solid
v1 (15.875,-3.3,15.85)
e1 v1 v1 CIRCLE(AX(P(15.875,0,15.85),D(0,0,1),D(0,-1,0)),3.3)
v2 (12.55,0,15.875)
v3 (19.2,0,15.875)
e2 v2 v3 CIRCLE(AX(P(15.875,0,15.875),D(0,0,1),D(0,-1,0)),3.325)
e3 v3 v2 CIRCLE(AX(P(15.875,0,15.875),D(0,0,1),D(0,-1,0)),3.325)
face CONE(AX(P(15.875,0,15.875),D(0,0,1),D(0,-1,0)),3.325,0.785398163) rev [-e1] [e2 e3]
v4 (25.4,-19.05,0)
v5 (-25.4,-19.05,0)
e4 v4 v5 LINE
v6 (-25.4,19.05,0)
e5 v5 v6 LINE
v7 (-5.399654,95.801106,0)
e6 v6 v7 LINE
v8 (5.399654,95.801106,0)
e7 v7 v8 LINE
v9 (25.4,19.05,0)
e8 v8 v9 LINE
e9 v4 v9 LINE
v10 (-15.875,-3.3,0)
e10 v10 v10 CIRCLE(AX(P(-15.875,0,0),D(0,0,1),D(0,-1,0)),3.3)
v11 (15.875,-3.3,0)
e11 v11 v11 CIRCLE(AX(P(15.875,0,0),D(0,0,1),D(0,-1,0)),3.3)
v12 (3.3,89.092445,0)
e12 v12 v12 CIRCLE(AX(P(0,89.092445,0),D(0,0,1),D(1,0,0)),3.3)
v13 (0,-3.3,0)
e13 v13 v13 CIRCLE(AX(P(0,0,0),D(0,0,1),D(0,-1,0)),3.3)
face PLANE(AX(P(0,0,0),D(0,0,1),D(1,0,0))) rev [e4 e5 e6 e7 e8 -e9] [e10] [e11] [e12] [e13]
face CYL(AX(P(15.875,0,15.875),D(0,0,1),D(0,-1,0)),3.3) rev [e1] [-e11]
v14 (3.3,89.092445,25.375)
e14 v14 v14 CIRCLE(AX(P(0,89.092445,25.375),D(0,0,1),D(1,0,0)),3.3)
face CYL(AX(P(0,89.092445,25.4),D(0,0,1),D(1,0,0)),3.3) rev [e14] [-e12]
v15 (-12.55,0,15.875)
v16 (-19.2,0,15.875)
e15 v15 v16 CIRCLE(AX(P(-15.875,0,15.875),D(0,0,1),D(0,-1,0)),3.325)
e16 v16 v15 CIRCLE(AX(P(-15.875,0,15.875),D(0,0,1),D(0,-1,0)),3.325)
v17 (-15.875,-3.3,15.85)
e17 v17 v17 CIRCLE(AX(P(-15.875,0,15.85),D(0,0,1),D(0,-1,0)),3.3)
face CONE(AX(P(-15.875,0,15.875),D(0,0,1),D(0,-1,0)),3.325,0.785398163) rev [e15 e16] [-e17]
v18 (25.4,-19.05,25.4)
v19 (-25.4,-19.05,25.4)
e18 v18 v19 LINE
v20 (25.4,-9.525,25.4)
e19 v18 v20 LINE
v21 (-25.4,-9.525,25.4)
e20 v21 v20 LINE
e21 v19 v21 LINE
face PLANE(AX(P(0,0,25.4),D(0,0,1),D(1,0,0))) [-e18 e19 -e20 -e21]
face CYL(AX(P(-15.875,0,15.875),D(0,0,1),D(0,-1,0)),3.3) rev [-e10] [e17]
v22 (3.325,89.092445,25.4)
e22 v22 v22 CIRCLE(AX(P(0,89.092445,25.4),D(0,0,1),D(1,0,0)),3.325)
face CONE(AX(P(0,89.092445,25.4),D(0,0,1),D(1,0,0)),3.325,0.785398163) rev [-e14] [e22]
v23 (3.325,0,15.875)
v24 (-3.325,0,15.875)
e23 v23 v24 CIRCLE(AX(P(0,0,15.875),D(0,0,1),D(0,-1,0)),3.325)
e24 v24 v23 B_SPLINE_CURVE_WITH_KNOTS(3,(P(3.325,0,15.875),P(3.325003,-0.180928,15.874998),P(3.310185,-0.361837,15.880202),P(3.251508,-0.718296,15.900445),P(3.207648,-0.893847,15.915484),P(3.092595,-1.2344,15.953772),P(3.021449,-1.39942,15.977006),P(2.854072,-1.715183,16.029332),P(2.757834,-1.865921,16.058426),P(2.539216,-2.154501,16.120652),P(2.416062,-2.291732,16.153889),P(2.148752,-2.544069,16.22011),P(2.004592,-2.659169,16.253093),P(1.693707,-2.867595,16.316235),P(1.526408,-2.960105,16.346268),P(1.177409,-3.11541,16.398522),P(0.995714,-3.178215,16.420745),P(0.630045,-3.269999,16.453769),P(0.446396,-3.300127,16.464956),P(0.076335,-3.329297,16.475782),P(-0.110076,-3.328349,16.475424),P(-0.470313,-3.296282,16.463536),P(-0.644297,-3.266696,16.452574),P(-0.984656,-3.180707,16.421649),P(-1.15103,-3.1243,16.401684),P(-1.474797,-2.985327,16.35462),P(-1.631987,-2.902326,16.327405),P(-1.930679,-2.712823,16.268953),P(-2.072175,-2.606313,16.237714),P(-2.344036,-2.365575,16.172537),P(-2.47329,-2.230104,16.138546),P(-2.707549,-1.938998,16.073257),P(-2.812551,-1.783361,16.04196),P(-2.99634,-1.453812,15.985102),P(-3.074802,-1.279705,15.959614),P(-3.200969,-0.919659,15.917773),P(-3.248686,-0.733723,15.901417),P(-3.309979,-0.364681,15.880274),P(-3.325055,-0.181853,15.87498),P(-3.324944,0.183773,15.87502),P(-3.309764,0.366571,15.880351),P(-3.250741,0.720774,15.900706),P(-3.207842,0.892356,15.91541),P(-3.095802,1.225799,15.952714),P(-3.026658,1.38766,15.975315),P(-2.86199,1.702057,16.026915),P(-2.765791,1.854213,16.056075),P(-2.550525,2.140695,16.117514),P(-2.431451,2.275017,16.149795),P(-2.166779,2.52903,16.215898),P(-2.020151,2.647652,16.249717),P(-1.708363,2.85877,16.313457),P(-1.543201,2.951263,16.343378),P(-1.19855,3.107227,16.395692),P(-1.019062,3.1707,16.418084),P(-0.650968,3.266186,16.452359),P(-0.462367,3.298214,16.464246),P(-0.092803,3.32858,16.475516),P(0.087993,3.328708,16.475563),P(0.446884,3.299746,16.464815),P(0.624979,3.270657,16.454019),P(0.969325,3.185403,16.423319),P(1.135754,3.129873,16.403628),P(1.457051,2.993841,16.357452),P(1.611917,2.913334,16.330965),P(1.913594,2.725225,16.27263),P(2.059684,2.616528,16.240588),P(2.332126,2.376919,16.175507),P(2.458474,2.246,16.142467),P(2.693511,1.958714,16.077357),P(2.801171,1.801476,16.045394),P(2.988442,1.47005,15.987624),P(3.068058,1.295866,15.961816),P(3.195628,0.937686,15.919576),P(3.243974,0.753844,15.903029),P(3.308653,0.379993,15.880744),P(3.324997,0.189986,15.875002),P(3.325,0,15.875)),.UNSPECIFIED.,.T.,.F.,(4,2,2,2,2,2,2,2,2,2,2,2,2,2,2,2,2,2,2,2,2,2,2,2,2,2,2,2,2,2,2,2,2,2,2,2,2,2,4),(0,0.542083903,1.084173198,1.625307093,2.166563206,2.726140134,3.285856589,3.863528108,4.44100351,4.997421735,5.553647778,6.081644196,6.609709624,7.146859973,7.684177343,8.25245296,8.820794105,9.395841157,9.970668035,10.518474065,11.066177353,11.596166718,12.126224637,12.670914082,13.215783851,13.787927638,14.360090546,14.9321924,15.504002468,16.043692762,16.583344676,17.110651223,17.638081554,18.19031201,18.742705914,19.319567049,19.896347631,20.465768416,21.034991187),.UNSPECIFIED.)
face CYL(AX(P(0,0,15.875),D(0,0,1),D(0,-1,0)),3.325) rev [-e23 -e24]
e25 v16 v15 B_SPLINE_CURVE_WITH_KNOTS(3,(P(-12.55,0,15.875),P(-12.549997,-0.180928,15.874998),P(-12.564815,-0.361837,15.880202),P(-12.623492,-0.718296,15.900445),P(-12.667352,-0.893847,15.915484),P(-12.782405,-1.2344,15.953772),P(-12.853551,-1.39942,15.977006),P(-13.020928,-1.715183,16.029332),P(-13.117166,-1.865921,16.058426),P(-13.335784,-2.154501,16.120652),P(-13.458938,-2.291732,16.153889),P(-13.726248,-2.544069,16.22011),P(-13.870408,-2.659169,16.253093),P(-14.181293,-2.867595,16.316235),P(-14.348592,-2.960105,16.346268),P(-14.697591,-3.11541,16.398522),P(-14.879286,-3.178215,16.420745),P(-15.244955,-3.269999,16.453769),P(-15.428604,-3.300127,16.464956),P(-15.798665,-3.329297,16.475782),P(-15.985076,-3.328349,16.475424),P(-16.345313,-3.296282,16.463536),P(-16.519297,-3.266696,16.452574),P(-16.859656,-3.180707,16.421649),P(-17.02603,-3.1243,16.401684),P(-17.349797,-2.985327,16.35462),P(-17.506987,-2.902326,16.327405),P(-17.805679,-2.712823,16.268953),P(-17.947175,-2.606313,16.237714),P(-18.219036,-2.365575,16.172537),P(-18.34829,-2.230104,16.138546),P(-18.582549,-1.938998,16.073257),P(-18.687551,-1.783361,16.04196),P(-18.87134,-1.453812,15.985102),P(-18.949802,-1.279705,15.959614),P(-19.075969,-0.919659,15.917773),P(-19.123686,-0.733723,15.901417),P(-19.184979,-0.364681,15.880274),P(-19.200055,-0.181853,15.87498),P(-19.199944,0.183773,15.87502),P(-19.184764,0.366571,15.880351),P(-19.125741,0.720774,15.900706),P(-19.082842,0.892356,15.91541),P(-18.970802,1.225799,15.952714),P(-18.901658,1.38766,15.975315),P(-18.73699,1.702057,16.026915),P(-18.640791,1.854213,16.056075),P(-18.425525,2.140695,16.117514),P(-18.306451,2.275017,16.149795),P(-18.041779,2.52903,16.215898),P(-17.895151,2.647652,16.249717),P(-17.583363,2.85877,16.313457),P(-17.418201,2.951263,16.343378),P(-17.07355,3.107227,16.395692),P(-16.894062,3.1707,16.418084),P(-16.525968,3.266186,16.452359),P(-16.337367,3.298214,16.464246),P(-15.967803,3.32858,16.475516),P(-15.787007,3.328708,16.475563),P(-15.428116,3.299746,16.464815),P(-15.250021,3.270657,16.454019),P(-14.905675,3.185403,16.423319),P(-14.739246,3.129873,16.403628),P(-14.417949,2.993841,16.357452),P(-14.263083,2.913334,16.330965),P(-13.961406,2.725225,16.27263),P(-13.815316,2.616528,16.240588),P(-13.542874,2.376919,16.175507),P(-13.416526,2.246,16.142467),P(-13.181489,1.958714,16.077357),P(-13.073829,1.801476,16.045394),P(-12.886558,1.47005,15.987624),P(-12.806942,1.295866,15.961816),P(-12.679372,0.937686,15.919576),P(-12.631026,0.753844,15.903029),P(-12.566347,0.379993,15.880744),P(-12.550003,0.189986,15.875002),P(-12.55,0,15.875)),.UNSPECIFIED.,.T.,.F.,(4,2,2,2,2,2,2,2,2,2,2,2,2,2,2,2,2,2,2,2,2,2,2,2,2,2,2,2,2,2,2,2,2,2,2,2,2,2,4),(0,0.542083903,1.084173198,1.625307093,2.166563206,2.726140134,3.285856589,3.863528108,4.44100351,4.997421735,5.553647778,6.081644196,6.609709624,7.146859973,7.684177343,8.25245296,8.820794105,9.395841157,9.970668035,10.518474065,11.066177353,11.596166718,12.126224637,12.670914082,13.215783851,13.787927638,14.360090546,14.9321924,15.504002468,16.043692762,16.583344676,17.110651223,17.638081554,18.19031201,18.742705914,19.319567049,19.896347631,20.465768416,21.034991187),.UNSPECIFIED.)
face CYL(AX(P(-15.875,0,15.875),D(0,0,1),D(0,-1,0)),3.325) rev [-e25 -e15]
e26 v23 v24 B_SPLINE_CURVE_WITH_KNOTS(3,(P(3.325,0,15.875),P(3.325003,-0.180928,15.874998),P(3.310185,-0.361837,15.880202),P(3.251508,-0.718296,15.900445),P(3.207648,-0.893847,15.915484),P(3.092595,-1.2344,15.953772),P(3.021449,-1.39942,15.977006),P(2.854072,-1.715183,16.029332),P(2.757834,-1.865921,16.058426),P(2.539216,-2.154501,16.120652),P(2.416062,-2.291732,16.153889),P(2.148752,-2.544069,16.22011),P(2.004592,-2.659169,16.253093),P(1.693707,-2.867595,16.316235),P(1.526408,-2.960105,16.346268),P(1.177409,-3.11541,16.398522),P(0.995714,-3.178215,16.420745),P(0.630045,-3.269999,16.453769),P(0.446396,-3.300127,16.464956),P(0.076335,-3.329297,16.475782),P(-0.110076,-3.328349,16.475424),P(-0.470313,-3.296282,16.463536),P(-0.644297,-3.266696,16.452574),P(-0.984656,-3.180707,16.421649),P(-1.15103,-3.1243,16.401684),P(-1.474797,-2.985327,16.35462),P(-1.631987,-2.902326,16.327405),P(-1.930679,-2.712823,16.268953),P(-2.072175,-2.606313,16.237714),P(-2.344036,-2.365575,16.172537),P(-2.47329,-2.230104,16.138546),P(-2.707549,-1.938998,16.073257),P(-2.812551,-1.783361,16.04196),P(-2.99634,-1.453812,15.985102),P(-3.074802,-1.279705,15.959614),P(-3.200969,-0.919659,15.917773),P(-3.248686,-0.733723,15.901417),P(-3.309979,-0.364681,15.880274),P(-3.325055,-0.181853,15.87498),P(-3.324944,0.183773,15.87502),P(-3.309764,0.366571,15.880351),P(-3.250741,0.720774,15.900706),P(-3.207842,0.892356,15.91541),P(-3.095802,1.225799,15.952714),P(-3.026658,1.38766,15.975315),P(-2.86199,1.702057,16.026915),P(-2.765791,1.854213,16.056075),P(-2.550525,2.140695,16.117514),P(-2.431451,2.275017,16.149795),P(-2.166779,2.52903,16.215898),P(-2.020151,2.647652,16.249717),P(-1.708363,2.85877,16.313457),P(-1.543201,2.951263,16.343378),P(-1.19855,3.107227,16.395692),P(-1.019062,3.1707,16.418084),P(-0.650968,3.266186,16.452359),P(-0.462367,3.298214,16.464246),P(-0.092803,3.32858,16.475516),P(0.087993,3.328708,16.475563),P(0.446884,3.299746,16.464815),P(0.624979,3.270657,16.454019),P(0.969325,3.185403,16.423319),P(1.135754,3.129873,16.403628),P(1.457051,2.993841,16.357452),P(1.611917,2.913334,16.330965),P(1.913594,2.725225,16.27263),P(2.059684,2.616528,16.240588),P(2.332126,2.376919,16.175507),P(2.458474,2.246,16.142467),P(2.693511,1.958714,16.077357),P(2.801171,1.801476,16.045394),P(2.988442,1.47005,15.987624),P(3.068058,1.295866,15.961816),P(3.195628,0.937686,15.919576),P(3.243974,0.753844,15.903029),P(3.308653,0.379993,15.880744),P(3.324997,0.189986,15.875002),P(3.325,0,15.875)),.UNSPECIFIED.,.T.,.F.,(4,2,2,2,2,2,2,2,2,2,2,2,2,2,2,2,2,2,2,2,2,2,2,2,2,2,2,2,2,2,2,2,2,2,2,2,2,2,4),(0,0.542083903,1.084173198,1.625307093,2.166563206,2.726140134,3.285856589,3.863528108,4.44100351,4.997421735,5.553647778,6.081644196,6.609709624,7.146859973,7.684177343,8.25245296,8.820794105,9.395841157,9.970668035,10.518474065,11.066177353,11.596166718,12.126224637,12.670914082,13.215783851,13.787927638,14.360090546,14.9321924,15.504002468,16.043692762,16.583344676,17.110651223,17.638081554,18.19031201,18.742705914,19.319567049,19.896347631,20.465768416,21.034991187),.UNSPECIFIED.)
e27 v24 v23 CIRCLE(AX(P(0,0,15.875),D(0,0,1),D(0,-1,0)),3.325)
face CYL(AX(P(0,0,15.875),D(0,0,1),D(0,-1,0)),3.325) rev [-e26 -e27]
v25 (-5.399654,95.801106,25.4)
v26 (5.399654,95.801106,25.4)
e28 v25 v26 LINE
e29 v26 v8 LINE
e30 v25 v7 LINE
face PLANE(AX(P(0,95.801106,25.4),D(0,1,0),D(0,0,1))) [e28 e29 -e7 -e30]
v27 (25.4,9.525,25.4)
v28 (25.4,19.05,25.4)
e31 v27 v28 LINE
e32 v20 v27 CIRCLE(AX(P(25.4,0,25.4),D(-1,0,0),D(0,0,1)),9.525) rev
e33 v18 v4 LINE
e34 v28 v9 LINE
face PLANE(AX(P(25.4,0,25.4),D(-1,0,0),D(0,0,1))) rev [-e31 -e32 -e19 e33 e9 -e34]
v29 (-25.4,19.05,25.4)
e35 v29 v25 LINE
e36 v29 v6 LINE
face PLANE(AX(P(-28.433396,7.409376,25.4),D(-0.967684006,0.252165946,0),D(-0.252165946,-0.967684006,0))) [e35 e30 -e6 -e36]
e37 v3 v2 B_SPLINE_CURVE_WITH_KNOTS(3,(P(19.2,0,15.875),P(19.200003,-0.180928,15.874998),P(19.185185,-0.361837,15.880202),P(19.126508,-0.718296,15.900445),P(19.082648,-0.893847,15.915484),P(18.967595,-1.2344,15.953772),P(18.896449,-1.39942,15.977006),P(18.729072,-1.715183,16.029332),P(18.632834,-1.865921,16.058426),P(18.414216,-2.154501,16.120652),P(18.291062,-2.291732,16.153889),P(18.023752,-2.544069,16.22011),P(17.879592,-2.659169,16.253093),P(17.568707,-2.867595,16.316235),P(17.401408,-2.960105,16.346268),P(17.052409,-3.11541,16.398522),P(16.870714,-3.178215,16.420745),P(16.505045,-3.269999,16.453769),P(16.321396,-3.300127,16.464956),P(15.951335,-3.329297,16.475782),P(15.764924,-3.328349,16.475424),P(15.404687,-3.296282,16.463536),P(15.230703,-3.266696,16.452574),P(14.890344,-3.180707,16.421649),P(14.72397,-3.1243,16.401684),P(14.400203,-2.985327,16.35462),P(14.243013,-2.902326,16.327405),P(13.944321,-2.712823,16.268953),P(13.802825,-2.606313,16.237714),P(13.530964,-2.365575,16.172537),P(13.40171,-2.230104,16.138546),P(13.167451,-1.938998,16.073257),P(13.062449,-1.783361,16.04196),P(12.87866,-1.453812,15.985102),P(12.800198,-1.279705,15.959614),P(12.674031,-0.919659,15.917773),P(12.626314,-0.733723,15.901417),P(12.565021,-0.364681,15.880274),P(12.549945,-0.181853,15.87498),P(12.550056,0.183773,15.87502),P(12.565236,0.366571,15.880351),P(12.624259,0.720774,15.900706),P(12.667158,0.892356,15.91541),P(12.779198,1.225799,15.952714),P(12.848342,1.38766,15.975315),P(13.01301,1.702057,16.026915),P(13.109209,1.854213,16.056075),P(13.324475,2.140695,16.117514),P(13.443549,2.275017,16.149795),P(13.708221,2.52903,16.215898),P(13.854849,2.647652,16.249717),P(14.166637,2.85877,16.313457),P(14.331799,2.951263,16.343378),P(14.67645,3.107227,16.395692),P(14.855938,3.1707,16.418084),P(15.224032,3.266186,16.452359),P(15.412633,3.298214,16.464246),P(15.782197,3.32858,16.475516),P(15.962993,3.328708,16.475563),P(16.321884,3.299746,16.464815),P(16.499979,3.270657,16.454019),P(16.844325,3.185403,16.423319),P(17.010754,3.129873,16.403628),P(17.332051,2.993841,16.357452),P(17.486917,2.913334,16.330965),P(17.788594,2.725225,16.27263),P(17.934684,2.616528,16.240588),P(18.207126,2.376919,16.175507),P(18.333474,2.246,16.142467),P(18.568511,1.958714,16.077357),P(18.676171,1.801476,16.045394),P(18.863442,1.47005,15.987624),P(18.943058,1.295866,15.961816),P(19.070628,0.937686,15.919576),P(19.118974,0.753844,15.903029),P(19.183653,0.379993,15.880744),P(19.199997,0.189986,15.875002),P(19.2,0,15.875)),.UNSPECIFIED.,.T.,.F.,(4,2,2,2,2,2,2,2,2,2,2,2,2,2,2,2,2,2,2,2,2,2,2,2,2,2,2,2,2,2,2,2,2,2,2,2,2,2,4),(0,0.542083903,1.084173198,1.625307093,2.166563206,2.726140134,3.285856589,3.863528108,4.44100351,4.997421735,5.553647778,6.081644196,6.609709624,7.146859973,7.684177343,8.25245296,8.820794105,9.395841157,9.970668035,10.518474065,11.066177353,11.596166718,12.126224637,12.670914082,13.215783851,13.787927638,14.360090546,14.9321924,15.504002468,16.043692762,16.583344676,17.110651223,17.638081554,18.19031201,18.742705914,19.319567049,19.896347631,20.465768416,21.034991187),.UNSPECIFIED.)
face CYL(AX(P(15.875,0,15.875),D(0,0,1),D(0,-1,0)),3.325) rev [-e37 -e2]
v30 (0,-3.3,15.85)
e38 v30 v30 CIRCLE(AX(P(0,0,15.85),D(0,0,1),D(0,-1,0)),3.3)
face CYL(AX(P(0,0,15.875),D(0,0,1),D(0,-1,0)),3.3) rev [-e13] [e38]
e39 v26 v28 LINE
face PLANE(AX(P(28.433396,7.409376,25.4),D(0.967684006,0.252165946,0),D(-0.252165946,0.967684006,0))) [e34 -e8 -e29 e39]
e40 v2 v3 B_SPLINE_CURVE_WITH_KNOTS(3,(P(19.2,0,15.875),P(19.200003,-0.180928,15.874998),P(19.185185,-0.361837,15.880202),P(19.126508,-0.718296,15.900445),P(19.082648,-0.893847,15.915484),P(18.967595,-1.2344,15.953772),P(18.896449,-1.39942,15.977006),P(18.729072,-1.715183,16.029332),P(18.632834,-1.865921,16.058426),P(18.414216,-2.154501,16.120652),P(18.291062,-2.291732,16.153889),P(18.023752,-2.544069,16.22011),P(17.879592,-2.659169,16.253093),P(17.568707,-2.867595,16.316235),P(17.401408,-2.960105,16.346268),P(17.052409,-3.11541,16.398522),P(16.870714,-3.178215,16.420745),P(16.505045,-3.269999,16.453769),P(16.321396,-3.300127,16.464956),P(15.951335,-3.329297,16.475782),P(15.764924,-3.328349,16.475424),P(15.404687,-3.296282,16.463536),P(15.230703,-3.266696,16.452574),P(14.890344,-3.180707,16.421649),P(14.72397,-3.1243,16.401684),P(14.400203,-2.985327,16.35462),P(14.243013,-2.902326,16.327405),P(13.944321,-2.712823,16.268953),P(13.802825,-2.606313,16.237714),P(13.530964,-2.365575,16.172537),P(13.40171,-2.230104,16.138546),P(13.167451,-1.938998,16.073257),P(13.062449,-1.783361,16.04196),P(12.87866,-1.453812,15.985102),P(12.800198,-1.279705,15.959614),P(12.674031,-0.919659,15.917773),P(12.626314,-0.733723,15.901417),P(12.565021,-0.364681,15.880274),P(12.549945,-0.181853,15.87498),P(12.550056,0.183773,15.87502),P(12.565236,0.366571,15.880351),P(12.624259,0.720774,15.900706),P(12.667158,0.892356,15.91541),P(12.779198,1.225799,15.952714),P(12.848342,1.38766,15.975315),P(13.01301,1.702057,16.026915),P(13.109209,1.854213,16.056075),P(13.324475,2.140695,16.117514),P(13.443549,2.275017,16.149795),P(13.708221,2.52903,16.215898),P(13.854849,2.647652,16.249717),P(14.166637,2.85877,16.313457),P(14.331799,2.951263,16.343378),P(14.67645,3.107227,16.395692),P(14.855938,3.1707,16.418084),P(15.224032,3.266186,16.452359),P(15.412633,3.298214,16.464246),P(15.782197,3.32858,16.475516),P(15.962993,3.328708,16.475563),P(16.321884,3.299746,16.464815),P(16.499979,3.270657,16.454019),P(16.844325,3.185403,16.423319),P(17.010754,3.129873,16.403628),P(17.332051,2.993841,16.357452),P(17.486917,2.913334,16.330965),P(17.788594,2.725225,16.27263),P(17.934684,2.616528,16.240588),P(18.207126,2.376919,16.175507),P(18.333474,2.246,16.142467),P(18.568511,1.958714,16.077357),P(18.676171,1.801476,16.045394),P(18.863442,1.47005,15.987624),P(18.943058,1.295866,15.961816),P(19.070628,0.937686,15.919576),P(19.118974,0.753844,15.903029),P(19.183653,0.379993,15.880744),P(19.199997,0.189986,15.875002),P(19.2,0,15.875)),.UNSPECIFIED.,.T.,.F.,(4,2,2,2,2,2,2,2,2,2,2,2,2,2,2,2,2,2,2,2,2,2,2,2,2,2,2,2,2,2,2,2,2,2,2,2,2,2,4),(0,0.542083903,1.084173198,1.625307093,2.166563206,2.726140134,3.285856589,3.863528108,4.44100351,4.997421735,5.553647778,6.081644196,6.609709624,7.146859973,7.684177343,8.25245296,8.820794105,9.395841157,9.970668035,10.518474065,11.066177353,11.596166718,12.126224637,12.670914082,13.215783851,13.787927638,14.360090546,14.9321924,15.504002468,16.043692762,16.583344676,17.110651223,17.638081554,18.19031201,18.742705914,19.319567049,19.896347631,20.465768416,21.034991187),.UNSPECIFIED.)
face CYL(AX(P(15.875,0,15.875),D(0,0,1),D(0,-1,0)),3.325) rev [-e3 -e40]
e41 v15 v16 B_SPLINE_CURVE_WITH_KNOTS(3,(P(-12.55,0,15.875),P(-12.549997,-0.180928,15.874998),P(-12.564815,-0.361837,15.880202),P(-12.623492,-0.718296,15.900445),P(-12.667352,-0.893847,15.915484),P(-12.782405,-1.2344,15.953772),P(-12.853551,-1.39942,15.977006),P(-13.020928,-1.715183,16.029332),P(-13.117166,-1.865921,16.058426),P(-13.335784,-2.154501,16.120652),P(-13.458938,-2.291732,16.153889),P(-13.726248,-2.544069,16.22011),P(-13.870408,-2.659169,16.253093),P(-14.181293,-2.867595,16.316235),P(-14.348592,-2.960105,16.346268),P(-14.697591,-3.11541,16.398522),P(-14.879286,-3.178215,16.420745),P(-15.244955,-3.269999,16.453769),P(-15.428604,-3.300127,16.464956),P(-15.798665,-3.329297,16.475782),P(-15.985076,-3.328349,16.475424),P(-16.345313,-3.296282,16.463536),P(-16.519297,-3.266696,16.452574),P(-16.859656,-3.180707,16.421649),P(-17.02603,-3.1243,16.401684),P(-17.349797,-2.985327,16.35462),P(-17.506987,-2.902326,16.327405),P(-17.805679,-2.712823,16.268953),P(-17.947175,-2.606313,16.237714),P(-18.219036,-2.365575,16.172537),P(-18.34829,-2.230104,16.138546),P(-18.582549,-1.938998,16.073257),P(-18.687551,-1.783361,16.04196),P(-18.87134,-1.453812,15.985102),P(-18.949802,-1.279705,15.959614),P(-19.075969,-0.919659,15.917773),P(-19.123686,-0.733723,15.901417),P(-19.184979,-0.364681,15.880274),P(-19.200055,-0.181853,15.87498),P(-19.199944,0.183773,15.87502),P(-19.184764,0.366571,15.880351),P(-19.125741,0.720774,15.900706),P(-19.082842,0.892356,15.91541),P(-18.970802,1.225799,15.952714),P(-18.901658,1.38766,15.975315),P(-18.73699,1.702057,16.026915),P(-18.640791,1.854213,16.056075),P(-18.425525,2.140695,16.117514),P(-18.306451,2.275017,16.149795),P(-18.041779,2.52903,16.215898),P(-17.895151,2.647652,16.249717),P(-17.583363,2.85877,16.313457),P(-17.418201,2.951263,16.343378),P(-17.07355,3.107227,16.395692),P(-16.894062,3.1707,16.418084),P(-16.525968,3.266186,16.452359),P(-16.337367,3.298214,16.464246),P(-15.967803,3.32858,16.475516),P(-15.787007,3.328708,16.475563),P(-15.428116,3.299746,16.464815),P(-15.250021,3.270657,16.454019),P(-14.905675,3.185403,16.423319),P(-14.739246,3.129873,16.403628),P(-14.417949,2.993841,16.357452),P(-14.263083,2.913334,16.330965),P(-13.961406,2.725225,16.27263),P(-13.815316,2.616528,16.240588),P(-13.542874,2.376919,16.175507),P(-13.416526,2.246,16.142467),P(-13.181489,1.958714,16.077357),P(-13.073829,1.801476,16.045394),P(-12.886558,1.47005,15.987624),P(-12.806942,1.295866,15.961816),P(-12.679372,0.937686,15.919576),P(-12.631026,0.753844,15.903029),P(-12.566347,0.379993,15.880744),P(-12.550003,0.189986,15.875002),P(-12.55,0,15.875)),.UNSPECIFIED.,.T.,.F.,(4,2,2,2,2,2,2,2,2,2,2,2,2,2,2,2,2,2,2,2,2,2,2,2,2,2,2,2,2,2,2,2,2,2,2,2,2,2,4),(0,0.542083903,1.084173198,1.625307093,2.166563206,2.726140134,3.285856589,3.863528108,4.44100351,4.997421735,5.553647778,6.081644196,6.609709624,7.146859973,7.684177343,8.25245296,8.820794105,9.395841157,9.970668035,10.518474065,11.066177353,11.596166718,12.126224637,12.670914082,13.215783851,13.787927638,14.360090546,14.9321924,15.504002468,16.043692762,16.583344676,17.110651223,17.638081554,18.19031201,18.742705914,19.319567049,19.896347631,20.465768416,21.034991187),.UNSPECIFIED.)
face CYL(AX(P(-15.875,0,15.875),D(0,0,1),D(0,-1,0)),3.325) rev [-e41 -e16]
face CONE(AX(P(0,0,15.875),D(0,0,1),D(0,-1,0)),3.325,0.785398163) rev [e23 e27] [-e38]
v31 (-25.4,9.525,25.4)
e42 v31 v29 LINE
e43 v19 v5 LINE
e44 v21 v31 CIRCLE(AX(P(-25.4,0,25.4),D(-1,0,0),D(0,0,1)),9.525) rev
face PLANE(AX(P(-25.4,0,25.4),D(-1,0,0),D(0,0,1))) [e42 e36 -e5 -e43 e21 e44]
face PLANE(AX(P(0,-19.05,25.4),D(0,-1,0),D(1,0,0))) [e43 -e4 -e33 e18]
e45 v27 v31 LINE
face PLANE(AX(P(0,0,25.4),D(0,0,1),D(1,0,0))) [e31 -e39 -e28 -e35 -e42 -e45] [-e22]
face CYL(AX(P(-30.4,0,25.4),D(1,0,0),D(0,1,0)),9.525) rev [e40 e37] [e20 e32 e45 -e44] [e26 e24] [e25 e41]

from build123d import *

# Parameters (mm, degrees)
SKETCH1_W                                = 50.8
SKETCH1_H                                = 38.1
BOSS_EXTRUDE1_DEPTH                      = 25.4
CUT_SWEEP1_PROFILE_R                     = 9.525
M6_CLEARANCE_HOLE1_D                     = 6.6
M6_CLEARANCE_HOLE1_CSINK_D               = 6.65
M6_CLEARANCE_HOLE1_CSINK_ANGLE           = 90
M6_CLEARANCE_HOLE1_ON_FACE_2_D           = 6.6
M6_CLEARANCE_HOLE1_ON_FACE_2_CSINK_D     = 6.65
M6_CLEARANCE_HOLE1_ON_FACE_2_CSINK_ANGLE = 90


with BuildPart() as part:
    # Sketch1 → Boss-Extrude1 (new body)
    with BuildSketch(Plane.XY):
        Polygon((5.399653784, 95.801105715), (25.4, 19.05), (-25.4, 19.05), (-5.399653784, 95.801105715), align=None)
        Rectangle(SKETCH1_W, SKETCH1_H)
    extrude(amount=BOSS_EXTRUDE1_DEPTH)

    # Cut-Sweep1: sweep along a path in Sketch2
    with BuildLine(Plane.XY.offset(25.4)) as cut_sweep1_path:
        Line((-25.4, 0), (25.4, 0))
    # Cut-Sweep1 profile (on start of the path) → Cut-Sweep1 (sweep, cut)
    with BuildSketch(Plane(origin=(-25.4, 0, 25.4), x_dir=(0, 1, 0), z_dir=(1, 0, 0))):
        Circle(CUT_SWEEP1_PROFILE_R)
    sweep(path=cut_sweep1_path.line, mode=Mode.SUBTRACT)

    # M6 Clearance Hole1 (through all)
    with Locations(Plane(origin=(0, 0, 15.875), x_dir=(0, 1, 0), z_dir=(0, 0, 1))):
        with Locations((0, 0), (0, 15.875), (0, -15.875)):
            CounterSinkHole(M6_CLEARANCE_HOLE1_D / 2, M6_CLEARANCE_HOLE1_CSINK_D / 2, counter_sink_angle=M6_CLEARANCE_HOLE1_CSINK_ANGLE)

    # M6 Clearance Hole1 on face 2 (through all)
    with Locations(Plane(origin=(0, 89.092444953, 25.4), x_dir=(1, 0, 0), z_dir=(0, 0, 1))):
        with Locations((0, 0)):
            CounterSinkHole(M6_CLEARANCE_HOLE1_ON_FACE_2_D / 2, M6_CLEARANCE_HOLE1_ON_FACE_2_CSINK_D / 2, counter_sink_angle=M6_CLEARANCE_HOLE1_ON_FACE_2_CSINK_ANGLE)


solid = part.part
